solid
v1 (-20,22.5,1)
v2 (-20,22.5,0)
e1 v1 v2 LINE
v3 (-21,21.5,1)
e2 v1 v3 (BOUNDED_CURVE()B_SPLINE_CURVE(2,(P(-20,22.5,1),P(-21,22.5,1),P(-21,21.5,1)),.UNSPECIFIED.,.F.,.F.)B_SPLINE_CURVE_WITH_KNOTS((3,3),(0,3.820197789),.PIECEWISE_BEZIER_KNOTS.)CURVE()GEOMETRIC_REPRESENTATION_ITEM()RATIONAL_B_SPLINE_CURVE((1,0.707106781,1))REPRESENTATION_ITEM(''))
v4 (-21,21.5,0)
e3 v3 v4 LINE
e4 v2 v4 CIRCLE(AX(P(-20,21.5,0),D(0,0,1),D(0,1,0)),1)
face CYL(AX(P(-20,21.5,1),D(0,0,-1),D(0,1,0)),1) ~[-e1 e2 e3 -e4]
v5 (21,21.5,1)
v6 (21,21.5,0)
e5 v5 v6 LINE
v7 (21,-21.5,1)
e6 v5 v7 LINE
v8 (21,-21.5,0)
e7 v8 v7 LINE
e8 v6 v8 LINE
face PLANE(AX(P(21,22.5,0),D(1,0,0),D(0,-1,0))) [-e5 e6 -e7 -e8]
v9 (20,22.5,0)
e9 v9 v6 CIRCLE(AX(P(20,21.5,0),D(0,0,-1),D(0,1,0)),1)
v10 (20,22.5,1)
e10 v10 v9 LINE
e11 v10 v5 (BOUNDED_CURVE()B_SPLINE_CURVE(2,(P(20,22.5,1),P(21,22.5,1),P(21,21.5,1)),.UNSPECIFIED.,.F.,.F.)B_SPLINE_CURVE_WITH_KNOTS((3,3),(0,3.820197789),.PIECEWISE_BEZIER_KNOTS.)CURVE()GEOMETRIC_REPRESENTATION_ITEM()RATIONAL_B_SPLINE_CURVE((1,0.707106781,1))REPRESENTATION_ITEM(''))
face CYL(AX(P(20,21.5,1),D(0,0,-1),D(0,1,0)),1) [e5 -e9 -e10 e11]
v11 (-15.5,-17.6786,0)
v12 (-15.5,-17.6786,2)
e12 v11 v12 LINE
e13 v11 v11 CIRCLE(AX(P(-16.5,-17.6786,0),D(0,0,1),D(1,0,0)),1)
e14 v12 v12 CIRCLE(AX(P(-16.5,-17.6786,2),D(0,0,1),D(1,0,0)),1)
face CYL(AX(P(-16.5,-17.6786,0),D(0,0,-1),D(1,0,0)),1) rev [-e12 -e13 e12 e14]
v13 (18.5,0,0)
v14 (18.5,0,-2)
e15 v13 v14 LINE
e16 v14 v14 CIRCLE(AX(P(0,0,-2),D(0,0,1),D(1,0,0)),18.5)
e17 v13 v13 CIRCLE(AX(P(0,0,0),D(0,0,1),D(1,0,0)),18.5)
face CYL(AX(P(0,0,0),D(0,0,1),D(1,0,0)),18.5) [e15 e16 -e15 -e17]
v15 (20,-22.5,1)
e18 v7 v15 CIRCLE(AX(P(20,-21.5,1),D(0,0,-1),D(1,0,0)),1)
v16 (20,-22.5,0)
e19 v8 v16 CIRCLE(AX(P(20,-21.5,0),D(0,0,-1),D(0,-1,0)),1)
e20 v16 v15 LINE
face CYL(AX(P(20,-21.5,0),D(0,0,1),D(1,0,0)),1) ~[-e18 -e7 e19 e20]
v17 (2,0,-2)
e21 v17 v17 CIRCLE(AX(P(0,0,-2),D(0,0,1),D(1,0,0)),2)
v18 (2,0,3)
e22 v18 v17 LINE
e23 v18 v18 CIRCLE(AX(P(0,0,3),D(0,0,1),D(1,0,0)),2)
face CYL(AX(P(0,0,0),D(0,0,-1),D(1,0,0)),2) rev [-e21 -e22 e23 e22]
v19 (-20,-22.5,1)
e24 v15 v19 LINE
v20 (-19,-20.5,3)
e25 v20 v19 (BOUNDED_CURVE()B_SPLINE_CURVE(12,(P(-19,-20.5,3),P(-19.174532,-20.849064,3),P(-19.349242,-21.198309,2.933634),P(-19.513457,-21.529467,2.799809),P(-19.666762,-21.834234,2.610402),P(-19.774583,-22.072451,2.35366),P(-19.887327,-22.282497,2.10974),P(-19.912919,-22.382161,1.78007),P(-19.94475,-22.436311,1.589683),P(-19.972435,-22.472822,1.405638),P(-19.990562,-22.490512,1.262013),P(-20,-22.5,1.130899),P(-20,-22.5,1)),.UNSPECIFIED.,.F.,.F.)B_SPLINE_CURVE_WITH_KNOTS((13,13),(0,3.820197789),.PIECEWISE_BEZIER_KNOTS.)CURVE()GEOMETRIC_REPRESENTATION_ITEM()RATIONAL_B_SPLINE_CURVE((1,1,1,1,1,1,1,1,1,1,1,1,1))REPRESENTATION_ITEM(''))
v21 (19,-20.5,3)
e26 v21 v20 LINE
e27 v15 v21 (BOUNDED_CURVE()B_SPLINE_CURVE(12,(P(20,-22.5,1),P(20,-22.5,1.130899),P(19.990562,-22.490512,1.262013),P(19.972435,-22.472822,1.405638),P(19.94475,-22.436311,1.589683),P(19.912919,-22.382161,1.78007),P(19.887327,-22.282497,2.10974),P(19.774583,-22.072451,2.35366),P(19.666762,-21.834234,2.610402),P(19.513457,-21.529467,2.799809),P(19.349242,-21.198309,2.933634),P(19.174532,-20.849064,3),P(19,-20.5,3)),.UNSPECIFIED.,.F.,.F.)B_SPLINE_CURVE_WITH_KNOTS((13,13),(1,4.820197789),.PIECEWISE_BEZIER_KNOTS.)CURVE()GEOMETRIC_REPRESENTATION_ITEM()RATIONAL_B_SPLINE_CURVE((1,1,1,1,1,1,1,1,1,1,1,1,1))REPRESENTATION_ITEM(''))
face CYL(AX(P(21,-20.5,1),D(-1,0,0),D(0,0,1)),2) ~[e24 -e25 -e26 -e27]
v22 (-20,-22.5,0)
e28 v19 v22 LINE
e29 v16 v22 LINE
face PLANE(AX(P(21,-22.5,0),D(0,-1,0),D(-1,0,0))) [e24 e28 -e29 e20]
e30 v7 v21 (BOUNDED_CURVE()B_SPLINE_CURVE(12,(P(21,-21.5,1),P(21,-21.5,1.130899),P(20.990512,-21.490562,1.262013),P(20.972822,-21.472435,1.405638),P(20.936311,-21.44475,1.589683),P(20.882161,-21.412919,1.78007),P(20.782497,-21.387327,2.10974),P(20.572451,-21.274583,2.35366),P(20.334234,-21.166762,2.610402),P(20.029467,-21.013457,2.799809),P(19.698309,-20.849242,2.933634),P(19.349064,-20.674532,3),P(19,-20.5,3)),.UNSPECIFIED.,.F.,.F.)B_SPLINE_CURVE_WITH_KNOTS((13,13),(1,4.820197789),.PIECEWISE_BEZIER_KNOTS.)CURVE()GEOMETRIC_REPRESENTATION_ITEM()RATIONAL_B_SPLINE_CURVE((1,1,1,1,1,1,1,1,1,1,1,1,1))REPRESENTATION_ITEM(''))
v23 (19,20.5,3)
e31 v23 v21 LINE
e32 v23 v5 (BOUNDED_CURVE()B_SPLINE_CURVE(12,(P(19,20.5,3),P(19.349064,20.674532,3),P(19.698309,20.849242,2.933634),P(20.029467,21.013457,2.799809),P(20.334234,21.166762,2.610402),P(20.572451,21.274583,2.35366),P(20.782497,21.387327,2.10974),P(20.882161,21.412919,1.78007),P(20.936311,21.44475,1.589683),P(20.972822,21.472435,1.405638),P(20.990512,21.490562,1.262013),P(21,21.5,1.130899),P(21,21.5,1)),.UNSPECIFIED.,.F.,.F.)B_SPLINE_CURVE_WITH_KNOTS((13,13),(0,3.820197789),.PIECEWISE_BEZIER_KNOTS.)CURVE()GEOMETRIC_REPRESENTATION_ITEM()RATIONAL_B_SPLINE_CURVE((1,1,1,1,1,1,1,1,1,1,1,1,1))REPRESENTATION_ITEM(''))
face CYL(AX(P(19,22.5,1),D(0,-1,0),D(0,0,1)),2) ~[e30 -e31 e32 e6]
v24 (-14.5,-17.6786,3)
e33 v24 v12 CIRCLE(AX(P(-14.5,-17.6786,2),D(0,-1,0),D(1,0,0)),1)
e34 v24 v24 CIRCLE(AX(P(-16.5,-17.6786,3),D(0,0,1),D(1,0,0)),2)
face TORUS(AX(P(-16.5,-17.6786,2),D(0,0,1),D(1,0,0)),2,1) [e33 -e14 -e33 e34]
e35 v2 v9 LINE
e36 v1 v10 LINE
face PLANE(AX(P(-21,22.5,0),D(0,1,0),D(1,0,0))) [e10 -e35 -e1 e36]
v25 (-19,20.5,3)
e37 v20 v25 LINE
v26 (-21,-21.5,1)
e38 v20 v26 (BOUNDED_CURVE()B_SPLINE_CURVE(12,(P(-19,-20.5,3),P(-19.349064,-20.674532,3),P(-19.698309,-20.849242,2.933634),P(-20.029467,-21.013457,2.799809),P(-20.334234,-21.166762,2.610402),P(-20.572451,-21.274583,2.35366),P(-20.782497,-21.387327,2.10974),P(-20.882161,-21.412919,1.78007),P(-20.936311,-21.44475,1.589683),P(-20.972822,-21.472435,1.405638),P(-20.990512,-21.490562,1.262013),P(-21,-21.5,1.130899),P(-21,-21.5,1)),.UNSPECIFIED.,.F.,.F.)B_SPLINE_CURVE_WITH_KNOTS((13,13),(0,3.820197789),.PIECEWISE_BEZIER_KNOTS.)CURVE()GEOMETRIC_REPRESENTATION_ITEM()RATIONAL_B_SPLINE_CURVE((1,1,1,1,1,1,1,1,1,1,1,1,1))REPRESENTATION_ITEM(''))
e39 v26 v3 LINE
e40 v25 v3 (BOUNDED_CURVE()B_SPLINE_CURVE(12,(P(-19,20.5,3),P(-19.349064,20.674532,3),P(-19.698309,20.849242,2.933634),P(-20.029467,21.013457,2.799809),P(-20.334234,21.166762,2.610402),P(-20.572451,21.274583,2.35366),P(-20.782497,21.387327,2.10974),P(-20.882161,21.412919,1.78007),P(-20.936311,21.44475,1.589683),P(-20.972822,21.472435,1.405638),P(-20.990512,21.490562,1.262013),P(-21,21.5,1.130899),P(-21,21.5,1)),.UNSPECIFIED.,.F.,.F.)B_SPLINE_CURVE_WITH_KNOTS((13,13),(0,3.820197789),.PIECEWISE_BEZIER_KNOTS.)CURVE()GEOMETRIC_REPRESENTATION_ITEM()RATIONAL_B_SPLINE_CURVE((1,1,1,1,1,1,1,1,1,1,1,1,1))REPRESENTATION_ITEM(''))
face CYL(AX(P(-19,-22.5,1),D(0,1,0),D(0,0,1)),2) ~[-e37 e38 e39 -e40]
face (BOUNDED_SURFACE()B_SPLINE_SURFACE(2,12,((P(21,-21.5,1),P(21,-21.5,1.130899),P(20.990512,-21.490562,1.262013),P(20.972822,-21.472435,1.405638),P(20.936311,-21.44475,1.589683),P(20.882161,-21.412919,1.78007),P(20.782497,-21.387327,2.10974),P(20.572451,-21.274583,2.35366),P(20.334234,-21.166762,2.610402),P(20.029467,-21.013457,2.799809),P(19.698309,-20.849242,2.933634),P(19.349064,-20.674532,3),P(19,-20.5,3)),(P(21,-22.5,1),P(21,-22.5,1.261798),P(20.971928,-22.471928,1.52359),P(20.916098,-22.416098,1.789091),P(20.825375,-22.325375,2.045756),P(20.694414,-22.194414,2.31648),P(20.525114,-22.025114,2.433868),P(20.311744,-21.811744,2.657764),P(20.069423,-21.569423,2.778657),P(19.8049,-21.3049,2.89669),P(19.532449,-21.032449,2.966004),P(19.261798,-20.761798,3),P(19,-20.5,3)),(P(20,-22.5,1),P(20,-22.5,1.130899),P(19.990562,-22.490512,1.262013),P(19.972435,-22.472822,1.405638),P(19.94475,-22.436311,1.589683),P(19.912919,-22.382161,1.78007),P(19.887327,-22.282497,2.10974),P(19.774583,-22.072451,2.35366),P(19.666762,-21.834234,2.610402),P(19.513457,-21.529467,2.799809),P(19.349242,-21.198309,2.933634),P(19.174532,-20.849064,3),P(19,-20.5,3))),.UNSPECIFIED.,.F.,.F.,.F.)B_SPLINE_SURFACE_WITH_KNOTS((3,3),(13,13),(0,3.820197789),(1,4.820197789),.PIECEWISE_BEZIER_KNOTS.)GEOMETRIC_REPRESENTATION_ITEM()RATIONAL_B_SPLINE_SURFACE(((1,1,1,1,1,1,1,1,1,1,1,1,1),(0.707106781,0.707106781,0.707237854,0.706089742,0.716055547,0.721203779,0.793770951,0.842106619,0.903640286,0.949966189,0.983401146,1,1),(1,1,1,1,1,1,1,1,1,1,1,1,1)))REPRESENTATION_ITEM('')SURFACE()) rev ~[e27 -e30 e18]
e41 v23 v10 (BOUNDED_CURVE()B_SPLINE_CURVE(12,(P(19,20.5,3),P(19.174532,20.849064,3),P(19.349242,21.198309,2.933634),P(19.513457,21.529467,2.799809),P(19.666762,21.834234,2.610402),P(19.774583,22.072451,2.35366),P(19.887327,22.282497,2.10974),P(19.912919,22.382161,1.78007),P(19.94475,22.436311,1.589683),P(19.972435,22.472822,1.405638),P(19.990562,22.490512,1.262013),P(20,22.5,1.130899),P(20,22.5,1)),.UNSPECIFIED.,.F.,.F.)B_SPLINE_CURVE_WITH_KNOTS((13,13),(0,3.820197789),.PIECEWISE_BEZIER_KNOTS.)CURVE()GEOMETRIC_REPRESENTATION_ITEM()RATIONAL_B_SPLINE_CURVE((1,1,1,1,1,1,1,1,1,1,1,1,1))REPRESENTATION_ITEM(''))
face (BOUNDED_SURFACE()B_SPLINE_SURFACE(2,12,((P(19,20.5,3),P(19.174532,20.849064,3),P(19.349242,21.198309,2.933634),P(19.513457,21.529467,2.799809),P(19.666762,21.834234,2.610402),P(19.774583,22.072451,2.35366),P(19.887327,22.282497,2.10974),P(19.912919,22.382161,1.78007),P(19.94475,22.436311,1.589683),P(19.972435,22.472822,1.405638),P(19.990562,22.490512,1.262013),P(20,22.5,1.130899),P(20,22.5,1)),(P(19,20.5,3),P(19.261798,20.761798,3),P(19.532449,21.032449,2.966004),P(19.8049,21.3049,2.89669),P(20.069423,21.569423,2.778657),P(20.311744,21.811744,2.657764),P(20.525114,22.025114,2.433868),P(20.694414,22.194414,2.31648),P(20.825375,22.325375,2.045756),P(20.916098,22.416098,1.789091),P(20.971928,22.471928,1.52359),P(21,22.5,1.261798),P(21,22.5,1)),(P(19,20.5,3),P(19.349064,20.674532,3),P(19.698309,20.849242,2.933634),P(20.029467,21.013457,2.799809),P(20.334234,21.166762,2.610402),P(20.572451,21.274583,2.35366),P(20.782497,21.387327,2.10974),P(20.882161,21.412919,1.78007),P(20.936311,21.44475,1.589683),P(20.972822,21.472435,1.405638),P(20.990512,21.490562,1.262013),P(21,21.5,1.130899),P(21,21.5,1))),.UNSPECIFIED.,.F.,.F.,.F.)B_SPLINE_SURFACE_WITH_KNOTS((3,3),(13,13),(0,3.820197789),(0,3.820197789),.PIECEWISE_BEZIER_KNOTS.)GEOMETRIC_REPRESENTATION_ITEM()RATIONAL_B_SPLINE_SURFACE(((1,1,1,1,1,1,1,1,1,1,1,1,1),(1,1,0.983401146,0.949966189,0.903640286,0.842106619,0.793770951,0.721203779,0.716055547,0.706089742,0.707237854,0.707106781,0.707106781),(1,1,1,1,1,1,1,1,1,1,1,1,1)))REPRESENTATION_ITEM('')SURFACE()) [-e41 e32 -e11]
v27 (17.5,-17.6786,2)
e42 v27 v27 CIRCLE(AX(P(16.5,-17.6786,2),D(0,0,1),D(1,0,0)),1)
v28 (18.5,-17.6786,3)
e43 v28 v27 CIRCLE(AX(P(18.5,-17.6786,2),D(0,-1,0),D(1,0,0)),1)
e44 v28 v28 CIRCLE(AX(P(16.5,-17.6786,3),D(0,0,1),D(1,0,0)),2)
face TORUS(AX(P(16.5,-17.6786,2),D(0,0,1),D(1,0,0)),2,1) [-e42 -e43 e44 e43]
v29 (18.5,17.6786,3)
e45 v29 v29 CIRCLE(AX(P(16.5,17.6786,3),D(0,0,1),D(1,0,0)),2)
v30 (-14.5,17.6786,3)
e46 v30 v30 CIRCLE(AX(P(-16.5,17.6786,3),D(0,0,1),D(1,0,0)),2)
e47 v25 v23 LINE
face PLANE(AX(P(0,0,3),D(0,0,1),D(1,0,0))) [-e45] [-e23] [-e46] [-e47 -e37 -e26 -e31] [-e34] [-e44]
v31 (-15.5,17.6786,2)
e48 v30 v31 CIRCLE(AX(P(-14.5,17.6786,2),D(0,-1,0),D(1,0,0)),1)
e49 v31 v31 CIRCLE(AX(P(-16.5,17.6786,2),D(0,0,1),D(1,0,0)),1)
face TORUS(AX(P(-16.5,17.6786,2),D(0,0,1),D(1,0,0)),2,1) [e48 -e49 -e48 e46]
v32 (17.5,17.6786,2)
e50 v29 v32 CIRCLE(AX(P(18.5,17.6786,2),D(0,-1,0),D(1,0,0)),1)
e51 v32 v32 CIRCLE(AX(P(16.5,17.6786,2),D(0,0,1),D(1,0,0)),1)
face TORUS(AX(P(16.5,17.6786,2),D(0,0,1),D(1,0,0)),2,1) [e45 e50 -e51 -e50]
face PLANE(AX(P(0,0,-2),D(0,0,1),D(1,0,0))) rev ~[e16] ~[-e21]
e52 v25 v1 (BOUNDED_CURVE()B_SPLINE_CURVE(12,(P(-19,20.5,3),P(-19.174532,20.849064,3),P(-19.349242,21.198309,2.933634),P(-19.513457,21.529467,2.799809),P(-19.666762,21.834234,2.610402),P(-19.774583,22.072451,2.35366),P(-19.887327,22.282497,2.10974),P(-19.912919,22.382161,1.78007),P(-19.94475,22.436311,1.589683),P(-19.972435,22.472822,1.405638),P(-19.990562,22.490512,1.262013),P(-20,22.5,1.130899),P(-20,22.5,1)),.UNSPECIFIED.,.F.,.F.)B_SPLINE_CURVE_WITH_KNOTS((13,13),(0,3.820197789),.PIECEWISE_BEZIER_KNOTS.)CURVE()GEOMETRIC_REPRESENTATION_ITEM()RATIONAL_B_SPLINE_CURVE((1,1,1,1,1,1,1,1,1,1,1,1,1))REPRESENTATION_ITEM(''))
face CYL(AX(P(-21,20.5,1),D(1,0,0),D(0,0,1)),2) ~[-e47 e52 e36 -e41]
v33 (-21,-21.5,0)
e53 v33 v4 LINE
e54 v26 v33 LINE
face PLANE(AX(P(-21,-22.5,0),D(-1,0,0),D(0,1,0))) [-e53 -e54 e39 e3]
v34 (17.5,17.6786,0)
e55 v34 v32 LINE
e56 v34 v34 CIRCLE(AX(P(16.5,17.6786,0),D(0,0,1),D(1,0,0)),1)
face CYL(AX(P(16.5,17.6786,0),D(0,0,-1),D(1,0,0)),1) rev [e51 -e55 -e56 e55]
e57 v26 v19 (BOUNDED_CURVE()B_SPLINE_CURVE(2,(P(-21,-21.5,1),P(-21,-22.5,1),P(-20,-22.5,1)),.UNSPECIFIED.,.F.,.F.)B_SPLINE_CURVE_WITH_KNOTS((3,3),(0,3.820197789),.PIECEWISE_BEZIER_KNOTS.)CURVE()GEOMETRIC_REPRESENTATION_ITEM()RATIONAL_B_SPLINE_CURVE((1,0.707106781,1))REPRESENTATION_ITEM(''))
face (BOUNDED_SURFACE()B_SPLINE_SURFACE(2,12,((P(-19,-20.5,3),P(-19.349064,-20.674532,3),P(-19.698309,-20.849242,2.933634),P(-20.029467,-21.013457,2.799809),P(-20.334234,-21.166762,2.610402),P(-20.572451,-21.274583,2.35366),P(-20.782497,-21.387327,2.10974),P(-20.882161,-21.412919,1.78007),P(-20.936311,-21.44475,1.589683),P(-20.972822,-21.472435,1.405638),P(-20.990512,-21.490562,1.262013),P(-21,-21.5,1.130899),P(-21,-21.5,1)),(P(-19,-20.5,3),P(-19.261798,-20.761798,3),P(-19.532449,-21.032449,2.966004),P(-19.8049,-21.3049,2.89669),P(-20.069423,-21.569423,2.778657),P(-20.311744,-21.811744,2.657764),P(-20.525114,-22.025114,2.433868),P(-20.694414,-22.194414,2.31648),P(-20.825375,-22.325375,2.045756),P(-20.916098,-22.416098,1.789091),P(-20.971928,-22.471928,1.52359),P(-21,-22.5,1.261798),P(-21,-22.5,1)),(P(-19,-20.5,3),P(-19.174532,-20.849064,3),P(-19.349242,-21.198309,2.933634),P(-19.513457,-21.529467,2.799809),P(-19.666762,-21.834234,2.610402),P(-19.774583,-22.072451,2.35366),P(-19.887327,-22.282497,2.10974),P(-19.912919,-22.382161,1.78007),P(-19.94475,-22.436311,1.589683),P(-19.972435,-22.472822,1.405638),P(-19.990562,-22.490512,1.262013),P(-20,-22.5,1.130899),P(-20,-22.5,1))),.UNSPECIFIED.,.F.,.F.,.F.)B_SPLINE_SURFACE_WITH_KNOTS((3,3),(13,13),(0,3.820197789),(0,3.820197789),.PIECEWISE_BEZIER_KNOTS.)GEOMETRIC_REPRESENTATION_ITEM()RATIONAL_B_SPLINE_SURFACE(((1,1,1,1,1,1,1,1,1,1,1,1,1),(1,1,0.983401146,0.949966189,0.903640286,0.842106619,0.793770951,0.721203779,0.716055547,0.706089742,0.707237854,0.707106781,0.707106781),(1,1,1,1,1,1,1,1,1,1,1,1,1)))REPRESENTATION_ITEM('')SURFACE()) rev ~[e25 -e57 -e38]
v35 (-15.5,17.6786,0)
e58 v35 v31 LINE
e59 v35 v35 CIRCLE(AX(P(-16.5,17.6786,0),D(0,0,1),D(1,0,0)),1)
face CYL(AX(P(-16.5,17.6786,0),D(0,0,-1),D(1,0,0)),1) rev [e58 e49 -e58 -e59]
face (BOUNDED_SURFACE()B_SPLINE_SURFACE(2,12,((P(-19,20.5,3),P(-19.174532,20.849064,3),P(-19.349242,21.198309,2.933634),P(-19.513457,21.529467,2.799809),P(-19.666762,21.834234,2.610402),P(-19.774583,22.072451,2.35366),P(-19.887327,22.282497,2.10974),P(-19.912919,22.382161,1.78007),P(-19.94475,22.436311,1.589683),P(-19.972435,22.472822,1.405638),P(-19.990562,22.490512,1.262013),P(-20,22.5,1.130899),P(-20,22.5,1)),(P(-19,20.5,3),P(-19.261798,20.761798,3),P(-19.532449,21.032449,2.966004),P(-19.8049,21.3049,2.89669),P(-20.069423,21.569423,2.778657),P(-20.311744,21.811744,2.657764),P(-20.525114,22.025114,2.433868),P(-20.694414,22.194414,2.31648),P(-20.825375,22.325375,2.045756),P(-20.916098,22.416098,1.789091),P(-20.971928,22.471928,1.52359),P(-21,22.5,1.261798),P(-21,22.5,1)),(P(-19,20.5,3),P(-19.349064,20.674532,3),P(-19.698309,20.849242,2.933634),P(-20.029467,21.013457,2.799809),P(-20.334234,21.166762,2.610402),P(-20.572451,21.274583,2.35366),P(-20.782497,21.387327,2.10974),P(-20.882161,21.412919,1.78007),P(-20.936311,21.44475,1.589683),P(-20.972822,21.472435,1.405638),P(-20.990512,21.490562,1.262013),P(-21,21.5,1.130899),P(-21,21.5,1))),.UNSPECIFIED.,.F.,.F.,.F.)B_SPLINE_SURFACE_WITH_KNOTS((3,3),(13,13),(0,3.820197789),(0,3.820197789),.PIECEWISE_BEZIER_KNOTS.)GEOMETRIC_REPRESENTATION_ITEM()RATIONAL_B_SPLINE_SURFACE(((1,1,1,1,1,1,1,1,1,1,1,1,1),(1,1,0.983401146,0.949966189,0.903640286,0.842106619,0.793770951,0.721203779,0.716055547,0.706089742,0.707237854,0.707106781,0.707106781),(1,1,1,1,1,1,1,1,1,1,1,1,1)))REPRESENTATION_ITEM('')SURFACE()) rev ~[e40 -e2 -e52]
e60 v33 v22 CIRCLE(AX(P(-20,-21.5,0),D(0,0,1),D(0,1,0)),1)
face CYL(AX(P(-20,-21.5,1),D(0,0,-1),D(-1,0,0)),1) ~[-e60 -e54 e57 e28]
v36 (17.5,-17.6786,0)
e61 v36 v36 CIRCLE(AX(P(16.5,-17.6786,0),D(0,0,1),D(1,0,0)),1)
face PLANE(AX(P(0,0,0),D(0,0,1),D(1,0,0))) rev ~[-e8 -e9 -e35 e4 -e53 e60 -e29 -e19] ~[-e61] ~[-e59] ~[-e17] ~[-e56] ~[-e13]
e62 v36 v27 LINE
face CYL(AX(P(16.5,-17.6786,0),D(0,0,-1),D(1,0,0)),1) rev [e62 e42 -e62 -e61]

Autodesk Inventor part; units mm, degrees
ref_plane "YZ Plane" through (0, 0, 0) normal (1, 0, 0) x (0, 1, 0)
ref_plane "XZ Plane" through (0, 0, 0) normal (0, 1, 0) x (-1, 0, 0)
ref_plane "XY Plane" through (0, 0, 0) normal (0, 0, 1) x (1, 0, 0)
sketch "Sketch1" plane through (0, 0, 0) normal (0, 0, 1) x (1, 0, 0)
  circle A0 centre (0, 0) radius 18.5
  line L0 (-21, 22.5) -> (21, 22.5)
  line L1 (21, 22.5) -> (21, -22.5)
  line L2 (21, -22.5) -> (-21, -22.5)
  line L3 (-21, -22.5) -> (-21, 22.5)
  line L4 (-38, 0) -> (59, 0) construction
  line L5 (0, 34) -> (0, -33) construction
  line L6 (-21, -22.5) -> (21, 22.5) construction
  line L7 (21, -22.5) -> (-21, 22.5) construction
  circle A1 centre (16.5, 17.6786) radius 1
  circle A2 centre (-16.5, 17.6786) radius 1
  circle A3 centre (16.5, -17.6786) radius 1
  circle A4 centre (-16.5, -17.6786) radius 1
  circle A5 centre (0, 0) radius 2
  dimension "d1" = 37
  dimension "d2" = 42
  dimension "d3" = 45
  dimension "d4" = 21
  dimension "d5" = 22.5
  dimension "d6" = 2
  dimension "d7" = 4.5
  dimension "d8" = 4
extrude "Extrusion1" add sketch "Sketch1" along normal blind 3 contours L0 L1 L2 L3
extrude "Extrusion2" add sketch "Sketch1" along normal blind 3 and the other way blind 2 contours A0
fillet "Fillet1" radius 1 4 edges at (15.5, 17.6786, 3) (-17.5, 17.6786, 3) (-17.5, -17.6786, 3) (15.5, -17.6786, 3)
fillet "Fillet2" radius 2 4 edges at (0, 22.5, 3) (21, 0, 3) (0, -22.5, 3) (-21, 0, 3)
fillet "Fillet3" radius 1 8 edges at (-20.4142, 21.9142, 2.4142) (-21, 22.5, 0.5) (20.4142, 21.9142, 2.4142) (21, 22.5, 0.5) (21, -22.5, 0.5) (20.4142, -21.9142, 2.4142) (-20.4142, -21.9142, 2.4142) (-21, -22.5, 0.5)
equation "\"d4\" = 0.5 * d2"
equation "\"d5\" = 0.5 * d3"
properties part number "engine_lid"
